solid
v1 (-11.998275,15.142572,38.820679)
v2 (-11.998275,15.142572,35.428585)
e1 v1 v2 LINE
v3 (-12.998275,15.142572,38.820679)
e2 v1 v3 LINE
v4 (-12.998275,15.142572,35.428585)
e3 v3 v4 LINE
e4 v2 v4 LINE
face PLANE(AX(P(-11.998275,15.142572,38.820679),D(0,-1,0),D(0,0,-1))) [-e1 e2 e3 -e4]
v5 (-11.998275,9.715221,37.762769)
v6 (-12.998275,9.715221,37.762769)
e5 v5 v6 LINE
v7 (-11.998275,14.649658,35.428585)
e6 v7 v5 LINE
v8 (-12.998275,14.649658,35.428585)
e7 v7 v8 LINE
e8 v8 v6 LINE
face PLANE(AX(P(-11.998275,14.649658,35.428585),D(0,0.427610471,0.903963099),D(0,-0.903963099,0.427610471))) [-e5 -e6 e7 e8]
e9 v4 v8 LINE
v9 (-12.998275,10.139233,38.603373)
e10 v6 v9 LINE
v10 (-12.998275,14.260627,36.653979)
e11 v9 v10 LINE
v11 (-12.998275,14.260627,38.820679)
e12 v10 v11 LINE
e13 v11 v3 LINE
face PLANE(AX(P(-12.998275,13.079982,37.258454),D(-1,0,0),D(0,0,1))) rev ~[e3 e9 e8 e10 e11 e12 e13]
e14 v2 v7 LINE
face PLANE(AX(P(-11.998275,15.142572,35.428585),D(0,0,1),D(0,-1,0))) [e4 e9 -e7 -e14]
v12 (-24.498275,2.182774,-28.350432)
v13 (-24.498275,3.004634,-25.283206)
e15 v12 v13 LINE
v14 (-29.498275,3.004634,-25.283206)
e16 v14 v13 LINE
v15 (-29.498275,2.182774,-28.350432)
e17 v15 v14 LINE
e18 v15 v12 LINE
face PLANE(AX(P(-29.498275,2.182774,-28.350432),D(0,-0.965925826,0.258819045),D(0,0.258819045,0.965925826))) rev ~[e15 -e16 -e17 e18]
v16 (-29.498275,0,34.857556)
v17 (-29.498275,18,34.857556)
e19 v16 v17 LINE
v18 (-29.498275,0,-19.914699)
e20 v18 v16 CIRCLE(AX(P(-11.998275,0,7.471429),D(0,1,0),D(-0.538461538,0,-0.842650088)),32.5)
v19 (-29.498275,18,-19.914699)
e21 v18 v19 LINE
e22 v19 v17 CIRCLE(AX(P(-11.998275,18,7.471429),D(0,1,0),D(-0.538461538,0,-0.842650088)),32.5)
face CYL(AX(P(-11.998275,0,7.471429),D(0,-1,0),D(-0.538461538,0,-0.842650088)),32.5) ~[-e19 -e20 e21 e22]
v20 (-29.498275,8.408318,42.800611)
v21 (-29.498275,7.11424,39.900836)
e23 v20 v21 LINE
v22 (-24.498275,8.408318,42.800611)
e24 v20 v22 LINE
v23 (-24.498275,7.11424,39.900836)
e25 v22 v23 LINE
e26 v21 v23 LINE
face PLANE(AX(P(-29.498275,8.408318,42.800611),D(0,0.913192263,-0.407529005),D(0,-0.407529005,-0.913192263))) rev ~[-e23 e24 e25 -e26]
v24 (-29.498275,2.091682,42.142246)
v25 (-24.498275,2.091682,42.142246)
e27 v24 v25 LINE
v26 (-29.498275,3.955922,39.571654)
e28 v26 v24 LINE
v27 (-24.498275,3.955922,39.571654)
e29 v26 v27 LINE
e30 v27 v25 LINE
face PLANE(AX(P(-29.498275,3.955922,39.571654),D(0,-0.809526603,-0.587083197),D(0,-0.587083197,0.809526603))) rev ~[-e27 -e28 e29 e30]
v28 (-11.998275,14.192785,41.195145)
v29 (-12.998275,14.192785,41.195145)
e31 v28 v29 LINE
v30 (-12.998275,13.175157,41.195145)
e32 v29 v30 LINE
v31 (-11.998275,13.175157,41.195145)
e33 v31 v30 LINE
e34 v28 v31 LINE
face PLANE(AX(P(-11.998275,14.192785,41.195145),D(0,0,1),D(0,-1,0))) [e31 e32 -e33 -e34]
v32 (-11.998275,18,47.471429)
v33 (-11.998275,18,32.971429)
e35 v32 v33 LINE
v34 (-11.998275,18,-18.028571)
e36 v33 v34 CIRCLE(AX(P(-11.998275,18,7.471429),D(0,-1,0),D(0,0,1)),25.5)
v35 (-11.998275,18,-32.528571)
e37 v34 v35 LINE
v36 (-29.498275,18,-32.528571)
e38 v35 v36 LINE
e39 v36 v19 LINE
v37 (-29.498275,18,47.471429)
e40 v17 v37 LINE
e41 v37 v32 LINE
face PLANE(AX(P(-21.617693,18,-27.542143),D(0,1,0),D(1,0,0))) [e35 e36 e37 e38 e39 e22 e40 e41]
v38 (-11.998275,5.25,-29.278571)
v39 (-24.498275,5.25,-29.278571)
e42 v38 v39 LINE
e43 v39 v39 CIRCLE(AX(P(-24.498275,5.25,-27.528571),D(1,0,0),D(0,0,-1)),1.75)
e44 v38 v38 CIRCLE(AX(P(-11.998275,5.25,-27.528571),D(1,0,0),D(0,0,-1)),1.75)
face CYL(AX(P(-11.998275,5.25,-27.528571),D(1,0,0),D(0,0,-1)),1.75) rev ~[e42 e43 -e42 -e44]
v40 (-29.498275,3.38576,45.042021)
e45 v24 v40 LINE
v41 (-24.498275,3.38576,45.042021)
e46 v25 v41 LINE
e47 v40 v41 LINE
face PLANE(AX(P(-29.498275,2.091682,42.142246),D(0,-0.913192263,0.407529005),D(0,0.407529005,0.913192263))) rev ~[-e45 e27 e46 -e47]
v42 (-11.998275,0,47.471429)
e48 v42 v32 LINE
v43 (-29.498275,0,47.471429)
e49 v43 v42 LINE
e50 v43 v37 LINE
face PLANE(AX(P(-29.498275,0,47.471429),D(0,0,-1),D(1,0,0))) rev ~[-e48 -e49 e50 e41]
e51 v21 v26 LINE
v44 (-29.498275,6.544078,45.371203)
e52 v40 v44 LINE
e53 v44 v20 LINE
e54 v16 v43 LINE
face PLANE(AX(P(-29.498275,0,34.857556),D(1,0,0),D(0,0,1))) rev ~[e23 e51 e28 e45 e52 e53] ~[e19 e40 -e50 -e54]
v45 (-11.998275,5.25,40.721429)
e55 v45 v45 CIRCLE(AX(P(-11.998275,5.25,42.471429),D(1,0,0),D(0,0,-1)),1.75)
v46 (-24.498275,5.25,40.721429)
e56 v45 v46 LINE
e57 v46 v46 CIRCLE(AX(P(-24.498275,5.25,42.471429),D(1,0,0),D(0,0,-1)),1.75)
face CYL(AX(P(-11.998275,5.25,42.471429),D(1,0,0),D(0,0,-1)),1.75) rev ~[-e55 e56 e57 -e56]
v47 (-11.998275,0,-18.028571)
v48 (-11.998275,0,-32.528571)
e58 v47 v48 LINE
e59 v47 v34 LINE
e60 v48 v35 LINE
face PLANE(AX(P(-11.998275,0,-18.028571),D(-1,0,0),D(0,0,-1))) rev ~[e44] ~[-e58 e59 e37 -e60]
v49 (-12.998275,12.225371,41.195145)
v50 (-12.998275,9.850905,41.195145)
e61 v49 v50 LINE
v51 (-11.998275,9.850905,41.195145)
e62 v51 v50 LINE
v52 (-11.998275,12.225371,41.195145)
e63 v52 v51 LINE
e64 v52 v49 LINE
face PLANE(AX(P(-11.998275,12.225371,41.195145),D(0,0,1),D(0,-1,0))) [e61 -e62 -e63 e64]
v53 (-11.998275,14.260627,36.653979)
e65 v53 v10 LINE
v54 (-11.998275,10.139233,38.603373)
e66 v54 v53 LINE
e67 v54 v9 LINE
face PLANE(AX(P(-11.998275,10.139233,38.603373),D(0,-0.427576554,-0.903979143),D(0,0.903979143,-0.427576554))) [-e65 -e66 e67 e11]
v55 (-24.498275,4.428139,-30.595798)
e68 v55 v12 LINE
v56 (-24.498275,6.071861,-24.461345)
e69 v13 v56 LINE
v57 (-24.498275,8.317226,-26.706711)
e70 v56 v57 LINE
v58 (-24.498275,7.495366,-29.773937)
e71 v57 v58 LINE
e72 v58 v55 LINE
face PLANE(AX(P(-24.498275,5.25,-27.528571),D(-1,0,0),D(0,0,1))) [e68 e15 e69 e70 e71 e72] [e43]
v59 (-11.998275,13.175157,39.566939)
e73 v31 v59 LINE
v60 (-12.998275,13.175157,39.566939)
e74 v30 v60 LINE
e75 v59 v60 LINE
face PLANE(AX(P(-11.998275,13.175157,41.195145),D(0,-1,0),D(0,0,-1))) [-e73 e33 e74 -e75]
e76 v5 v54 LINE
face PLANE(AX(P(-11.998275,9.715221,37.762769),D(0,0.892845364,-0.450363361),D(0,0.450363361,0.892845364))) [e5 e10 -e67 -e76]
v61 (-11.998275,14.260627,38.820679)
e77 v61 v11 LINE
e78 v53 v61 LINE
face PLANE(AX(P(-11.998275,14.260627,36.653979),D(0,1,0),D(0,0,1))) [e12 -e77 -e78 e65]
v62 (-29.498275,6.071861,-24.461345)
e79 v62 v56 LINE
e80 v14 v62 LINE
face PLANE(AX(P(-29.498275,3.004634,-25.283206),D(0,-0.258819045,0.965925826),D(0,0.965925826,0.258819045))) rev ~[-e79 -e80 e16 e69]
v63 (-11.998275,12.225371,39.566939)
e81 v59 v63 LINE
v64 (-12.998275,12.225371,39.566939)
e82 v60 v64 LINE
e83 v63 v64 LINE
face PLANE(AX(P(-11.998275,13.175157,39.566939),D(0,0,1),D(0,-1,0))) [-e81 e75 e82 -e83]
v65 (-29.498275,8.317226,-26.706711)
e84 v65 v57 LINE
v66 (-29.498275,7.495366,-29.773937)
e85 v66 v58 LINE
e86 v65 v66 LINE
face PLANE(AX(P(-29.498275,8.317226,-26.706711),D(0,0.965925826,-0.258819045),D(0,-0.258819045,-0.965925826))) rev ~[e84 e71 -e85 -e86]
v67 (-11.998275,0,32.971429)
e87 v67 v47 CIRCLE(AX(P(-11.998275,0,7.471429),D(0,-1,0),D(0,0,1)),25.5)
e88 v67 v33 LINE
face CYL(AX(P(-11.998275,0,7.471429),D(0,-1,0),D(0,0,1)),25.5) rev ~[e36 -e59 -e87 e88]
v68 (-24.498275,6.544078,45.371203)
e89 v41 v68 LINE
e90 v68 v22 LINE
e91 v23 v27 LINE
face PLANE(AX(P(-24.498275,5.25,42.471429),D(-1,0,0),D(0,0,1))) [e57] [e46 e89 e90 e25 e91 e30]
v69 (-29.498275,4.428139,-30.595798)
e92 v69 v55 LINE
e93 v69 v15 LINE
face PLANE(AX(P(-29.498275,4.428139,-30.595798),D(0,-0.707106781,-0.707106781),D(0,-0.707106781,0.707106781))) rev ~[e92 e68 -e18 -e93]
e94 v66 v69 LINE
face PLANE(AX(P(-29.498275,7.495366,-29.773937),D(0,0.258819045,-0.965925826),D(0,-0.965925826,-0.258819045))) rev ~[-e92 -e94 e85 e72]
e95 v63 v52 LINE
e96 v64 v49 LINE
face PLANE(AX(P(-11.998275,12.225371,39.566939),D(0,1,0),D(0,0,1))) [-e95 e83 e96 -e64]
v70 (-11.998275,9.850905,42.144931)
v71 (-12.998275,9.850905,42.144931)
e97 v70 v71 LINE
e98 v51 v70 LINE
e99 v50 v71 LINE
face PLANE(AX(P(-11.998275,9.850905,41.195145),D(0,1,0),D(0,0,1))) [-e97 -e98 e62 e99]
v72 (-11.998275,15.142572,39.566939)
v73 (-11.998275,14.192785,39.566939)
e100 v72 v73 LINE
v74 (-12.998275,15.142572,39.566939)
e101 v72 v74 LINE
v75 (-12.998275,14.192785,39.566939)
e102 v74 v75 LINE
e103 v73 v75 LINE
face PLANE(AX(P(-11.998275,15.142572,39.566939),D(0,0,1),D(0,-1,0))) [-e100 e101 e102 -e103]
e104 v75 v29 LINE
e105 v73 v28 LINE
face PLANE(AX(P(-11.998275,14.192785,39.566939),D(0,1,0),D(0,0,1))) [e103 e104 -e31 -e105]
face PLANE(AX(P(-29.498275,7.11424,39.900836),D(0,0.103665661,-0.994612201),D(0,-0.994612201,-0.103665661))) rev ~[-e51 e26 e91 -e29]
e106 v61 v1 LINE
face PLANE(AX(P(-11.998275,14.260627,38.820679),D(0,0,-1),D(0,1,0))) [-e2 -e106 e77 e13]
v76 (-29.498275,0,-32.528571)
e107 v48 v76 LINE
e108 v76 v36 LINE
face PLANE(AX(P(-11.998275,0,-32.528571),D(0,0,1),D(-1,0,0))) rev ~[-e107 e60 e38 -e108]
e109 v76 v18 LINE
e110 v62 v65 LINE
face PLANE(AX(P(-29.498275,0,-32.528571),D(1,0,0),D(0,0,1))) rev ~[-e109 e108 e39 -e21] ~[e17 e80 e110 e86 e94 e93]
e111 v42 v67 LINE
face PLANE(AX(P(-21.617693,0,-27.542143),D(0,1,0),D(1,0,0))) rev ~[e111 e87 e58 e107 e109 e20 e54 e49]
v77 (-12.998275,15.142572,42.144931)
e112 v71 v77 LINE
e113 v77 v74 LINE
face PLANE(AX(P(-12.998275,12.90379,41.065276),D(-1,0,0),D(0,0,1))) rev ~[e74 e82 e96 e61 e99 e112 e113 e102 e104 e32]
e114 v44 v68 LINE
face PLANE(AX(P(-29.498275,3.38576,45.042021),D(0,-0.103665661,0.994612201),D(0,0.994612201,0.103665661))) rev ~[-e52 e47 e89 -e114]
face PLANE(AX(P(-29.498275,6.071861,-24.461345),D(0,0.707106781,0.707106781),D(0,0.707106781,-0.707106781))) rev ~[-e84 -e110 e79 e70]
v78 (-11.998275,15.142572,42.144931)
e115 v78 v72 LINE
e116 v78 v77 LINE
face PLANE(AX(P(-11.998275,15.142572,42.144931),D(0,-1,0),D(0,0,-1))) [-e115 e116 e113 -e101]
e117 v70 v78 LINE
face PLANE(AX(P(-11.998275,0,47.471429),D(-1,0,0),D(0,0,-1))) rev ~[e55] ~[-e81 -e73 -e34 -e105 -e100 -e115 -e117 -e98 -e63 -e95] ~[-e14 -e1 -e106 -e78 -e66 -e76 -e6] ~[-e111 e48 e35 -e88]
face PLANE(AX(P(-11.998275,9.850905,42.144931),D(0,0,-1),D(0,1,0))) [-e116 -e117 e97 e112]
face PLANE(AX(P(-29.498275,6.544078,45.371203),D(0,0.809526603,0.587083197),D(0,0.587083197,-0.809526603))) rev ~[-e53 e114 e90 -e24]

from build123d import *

# Parameters (mm, degrees)
BOSS_EXTRUDE1_DEPTH = 18
SKETCH2_R           = 1.75
CUT_EXTRUDE1_DEPTH  = 33.5
CUT_EXTRUDE2_DEPTH  = 1
CUT_EXTRUDE3_DEPTH  = 5


with BuildPart() as part:
    # Sketch1 → Boss-Extrude1 (new body)
    with BuildSketch(Plane(origin=(0, 0, 0), x_dir=(1, 0, 0), z_dir=(0, 1, 0))):
        with BuildLine():
            Line((-11.998275301, 32.528571429), (-29.498275301, 32.528571429))
            Line((-29.498275301, 32.528571429), (-29.498275301, 19.914699304))
            ThreePointArc((-29.498275301, 19.914699304), (-21.114218589, 23.723916882), (-11.998275301, 25.028571429))
            Line((-11.998275301, 25.028571429), (-11.998275301, 32.528571429))
        make_face()
        with BuildLine():
            ThreePointArc((-11.998275301, 25.028571429), (-21.114218589, 23.723916882), (-29.498275301, 19.914699304))
            ThreePointArc((-29.498275301, 19.914699304), (-44.498275301, -7.471428571), (-29.498275301, -34.857556447))
            ThreePointArc((-29.498275301, -34.857556447), (-21.114218589, -38.666774025), (-11.998275301, -39.971428571))
            Line((-11.998275301, -39.971428571), (-11.998275301, -32.971428571))
            ThreePointArc((-11.998275301, -32.971428571), (-37.498275301, -7.471428571), (-11.998275301, 18.028571429))
            Line((-11.998275301, 18.028571429), (-11.998275301, 25.028571429))
        make_face()
        with BuildLine():
            Line((-29.498275301, -34.857556447), (-29.498275301, -47.471428571))
            Line((-29.498275301, -47.471428571), (-11.998275301, -47.471428571))
            Line((-11.998275301, -47.471428571), (-11.998275301, -39.971428571))
            ThreePointArc((-11.998275301, -39.971428571), (-21.114218589, -38.666774025), (-29.498275301, -34.857556447))
        make_face()
    extrude(amount=BOSS_EXTRUDE1_DEPTH)

    # Sketch2 → Cut-Extrude1 (cut, through all)
    with BuildSketch(Plane(origin=(-11.998275301, 0, 0), x_dir=(0, 0, -1), z_dir=(1, 0, 0))):
        with Locations((-42.471428571, 5.25)):
            Circle(SKETCH2_R)
        with Locations((27.528571429, 5.25)):
            Circle(SKETCH2_R)
    extrude(amount=-CUT_EXTRUDE1_DEPTH, mode=Mode.SUBTRACT)

    # Sketch3 → Cut-Extrude2 (cut)
    with BuildSketch(Plane(origin=(-11.998275301, 0, 0), x_dir=(0, 0, -1), z_dir=(1, 0, 0))):
        Polygon((-42.144930844, 15.142571671), (-39.566939391, 15.142571671), (-39.566939391, 14.192785347), (-41.195144519, 14.192785347), (-41.195144519, 13.175157142), (-39.566939391, 13.175157142), (-39.566939391, 12.225370817), (-41.195144519, 12.225370817), (-41.195144519, 9.850905005), (-42.144930844, 9.850905005), align=None)
        Polygon((-38.820678707, 15.142571671), (-35.42858469, 15.142571671), (-35.42858469, 14.64965801), (-37.762769385, 9.715221244), (-38.603372684, 10.139232996), (-36.653978654, 14.260627227), (-38.820678707, 14.260627227), align=None)
    extrude(amount=-CUT_EXTRUDE2_DEPTH, mode=Mode.SUBTRACT)

    # Sketch4 → Cut-Extrude3 (cut)
    with BuildSketch(Plane.ZY.offset(29.498275301)):
        Polygon((45.042020782, 3.385760472), (45.371203467, 6.544078393), (42.800611256, 8.408317922), (39.900836361, 7.114239528), (39.571653676, 3.955921607), (42.142245887, 2.091682078), align=None)
        Polygon((-25.283205831, 3.004634402), (-24.461344982, 6.071860849), (-26.706710579, 8.317226447), (-29.773937026, 7.495365598), (-30.595797876, 4.428139151), (-28.350432278, 2.182773553), align=None)
    extrude(amount=-CUT_EXTRUDE3_DEPTH, mode=Mode.SUBTRACT)


solid = part.part
